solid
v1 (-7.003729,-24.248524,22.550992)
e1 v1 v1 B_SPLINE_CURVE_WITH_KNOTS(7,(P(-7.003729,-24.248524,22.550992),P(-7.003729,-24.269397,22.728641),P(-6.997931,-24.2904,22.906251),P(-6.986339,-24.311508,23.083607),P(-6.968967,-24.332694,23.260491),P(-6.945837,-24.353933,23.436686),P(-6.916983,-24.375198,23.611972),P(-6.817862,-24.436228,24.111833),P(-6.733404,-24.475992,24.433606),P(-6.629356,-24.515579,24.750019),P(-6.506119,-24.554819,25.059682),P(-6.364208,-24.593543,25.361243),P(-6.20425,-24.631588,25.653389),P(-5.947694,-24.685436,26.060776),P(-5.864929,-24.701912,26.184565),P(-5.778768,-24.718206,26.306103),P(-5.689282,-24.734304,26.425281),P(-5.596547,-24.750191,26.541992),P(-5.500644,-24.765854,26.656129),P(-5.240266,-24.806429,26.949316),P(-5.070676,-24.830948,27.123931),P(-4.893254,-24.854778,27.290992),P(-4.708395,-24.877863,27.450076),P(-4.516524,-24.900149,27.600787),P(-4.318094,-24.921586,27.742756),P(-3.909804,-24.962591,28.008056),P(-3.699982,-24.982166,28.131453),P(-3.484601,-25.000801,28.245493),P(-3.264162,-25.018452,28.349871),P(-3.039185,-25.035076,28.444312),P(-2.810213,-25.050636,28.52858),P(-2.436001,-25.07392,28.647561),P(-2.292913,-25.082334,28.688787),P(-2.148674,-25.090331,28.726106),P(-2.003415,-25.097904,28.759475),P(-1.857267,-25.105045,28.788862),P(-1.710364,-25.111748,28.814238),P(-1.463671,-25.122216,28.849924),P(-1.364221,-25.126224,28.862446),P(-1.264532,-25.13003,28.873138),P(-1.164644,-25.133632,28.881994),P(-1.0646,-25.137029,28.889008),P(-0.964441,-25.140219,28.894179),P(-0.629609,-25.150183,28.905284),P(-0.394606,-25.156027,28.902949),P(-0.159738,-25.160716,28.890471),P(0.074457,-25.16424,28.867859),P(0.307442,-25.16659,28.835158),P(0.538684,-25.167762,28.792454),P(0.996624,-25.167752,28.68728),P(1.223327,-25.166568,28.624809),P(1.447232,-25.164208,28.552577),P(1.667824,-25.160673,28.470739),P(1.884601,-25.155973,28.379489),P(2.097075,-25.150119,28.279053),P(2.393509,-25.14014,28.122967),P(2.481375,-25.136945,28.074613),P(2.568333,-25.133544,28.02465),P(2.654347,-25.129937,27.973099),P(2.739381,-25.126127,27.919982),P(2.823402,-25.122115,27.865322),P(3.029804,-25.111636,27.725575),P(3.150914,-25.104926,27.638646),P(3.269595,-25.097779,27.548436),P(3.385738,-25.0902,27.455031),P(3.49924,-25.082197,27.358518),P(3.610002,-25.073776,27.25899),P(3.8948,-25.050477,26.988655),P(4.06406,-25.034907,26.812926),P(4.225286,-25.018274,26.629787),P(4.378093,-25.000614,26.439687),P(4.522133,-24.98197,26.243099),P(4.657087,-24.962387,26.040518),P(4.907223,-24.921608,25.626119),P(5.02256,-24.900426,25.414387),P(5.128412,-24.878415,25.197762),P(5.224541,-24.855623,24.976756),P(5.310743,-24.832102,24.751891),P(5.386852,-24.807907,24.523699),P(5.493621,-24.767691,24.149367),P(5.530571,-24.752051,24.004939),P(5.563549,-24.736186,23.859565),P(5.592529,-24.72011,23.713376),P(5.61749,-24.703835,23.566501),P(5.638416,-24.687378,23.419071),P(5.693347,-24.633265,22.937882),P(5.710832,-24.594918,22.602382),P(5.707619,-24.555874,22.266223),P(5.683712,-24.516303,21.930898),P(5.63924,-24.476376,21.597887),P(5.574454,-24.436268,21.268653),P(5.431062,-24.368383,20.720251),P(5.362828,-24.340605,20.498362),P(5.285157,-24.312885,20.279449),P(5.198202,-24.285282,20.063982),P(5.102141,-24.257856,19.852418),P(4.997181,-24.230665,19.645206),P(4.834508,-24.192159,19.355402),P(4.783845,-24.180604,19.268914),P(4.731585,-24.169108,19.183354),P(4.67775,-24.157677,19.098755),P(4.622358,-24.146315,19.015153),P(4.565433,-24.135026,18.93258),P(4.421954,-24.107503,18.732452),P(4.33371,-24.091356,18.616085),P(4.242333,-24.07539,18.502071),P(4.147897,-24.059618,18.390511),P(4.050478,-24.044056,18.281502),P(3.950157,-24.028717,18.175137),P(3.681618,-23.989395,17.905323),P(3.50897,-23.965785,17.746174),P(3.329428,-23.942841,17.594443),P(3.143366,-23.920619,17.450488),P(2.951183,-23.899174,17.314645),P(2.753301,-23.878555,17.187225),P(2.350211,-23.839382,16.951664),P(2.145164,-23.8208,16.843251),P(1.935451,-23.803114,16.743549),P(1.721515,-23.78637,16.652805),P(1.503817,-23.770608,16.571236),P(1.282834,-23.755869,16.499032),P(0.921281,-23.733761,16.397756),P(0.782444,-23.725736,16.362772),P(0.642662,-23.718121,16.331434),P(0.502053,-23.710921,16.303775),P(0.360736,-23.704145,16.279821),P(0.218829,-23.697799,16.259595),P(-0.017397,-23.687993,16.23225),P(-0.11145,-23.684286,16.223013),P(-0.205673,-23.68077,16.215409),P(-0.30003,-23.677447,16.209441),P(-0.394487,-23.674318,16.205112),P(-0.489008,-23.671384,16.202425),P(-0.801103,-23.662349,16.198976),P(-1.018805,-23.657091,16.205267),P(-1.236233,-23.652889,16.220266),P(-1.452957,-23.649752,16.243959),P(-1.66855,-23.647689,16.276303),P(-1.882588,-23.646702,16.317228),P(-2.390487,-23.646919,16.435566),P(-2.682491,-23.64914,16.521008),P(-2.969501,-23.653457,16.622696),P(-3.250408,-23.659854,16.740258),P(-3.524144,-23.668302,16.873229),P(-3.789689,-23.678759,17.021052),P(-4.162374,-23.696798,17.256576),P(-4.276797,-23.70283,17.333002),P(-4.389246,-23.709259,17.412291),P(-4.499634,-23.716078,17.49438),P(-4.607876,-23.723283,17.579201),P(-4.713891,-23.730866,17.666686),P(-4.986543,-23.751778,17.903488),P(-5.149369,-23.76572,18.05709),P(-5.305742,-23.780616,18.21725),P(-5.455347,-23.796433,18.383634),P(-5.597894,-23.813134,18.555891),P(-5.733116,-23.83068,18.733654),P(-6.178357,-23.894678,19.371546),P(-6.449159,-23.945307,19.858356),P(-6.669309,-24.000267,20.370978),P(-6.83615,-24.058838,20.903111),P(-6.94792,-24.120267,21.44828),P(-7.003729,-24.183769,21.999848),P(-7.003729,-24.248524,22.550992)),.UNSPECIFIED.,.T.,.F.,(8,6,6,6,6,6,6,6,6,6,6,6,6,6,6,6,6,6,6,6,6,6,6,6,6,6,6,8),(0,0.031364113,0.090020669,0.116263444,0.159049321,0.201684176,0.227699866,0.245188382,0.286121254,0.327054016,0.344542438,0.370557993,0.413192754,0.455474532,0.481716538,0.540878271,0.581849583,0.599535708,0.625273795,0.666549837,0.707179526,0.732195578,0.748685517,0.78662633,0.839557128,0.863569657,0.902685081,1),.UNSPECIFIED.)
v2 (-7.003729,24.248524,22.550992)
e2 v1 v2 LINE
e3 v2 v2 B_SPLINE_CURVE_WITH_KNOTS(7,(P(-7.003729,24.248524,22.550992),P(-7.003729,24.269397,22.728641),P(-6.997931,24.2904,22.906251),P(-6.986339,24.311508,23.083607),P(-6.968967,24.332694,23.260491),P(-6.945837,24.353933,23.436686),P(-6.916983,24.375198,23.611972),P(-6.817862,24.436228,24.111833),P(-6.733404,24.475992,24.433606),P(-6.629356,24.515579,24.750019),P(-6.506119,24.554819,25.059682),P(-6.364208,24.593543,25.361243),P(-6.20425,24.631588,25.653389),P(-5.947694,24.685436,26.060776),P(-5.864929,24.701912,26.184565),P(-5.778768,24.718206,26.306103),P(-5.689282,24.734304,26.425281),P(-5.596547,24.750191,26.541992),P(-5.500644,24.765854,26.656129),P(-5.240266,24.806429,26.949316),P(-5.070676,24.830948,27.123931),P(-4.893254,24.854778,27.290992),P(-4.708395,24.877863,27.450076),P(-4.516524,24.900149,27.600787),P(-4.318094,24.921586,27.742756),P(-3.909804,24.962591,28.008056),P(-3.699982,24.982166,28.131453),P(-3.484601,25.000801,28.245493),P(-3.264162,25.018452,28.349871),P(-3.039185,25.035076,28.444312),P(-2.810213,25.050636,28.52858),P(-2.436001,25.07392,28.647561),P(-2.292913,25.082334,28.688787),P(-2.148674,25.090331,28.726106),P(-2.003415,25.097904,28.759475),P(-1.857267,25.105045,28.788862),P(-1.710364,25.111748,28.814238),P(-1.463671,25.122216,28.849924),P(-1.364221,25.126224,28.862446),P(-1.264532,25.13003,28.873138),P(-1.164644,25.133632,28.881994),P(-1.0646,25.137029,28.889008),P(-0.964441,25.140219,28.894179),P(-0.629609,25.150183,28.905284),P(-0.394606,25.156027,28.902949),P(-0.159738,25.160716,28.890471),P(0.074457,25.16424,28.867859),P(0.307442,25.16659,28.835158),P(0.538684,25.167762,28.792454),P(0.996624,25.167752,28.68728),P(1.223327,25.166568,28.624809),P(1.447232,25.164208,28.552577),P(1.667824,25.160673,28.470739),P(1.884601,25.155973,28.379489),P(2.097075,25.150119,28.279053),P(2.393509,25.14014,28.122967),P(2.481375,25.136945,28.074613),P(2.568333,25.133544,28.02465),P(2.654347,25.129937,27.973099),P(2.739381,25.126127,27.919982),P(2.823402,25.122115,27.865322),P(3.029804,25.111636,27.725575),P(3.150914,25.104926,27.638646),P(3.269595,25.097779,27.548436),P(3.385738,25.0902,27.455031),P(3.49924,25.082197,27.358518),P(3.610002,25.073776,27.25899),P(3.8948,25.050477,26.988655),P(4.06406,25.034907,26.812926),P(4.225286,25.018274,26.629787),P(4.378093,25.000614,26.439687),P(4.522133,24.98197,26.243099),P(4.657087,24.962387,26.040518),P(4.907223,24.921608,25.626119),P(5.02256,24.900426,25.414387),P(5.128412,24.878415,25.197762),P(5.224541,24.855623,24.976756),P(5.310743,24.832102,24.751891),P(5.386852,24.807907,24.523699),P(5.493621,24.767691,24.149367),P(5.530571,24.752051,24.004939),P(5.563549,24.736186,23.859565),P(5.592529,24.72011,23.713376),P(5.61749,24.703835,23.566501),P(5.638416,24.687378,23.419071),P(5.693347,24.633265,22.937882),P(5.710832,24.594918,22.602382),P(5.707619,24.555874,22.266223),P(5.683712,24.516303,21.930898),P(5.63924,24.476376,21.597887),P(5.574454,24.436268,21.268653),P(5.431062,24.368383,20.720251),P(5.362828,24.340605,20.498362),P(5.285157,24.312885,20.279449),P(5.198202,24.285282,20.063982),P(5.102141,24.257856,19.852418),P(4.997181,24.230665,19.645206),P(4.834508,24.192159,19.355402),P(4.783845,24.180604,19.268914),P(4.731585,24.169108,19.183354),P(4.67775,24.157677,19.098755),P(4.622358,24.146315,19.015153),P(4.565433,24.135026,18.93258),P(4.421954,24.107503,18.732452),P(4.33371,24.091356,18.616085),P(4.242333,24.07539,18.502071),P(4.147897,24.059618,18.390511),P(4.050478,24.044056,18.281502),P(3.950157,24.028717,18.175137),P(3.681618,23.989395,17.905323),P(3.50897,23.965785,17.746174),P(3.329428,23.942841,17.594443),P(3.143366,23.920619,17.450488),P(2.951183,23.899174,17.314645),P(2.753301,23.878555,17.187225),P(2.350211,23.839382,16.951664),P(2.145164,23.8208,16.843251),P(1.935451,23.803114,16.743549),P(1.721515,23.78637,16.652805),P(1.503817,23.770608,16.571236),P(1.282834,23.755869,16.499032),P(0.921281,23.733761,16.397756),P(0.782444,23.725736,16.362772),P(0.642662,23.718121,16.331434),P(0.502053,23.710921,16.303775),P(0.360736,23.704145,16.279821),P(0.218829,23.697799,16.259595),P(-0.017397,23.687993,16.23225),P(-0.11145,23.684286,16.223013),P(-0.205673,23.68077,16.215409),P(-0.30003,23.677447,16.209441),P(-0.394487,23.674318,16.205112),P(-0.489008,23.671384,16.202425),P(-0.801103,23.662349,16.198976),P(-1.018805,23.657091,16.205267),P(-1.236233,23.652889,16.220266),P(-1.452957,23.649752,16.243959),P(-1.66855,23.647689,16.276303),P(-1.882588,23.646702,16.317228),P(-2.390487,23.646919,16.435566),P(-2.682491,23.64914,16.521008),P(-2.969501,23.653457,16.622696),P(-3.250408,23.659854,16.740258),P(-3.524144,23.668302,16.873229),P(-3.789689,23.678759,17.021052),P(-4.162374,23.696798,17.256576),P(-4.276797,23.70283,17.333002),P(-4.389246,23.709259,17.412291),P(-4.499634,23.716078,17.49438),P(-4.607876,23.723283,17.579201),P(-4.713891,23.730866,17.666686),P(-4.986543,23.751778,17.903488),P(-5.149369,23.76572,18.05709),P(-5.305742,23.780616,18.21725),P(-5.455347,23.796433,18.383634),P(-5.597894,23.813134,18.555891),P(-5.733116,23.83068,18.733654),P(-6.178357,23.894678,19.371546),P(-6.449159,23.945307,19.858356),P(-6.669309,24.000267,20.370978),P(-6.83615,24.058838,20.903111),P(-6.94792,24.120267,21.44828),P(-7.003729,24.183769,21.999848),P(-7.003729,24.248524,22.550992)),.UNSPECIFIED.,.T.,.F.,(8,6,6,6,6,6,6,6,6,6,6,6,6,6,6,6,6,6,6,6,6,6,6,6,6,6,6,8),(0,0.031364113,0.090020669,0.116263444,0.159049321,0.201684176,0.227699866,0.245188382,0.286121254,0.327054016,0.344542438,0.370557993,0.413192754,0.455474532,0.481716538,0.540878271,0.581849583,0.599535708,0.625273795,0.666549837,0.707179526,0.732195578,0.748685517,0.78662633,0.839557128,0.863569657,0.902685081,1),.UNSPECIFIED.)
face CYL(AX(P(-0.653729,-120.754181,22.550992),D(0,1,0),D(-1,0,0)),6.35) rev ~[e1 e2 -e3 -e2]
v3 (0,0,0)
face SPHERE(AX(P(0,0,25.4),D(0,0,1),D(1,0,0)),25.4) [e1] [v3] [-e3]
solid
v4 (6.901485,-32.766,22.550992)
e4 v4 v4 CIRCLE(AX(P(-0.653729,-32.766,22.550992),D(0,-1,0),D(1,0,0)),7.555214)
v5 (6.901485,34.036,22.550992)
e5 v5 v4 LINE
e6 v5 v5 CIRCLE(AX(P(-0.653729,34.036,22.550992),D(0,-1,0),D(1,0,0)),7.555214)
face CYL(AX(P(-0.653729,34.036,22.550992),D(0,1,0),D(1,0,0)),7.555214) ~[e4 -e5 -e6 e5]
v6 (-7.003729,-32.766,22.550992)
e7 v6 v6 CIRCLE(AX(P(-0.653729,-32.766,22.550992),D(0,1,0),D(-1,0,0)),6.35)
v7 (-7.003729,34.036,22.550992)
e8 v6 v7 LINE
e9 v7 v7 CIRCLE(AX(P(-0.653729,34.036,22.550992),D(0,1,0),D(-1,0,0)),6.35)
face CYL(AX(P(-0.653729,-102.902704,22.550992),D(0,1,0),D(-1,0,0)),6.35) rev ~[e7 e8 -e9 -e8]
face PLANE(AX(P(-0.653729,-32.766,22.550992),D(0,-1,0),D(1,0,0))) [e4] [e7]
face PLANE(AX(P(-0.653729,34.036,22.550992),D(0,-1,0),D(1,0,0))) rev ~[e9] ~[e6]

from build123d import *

# Parameters (mm, degrees)
F2_R     = 7.5552137931
F3_DEPTH = 66.802
F6_T     = -2.54
F7_D     = 12.7
F7_2_D   = 12.7


with BuildPart() as f1:
    # F0 (on Front) → F1 (revolve)
    with BuildSketch(Plane.XZ):
        with BuildLine():
            Line((0, 50.8), (0, 0))
            ThreePointArc((0, 0), (25.4, 25.4), (0, 50.8))
        make_face()
    revolve(axis=Axis((0, 0, 25.4), (0, 0, 1)))

    # F7 (through all)
    with Locations(Plane.XZ.offset(32.766)):
        with Locations((-0.6537291788, 22.5509924138)):
            Hole(F7_D / 2)


with BuildPart() as f3:
    # F2 (on Front) → F3 (new body)
    with BuildSketch(Plane.XZ):
        with Locations((16.3642708212, -18.0890075862)):
            Circle(F2_R)
    extrude(amount=F3_DEPTH)


with BuildPart() as f3_1:
    # F4: moved
    add(f3.part.moved(Location((-17.018, 34.036, 40.64))))

    # F6
    f6_openings = [f3_1.faces().sort_by_distance(p)[0] for p in [
        (-0.653729, -32.766, 22.550992),
        (-0.653729, 34.036, 22.550992),
    ]]
    offset(amount=F6_T, openings=f6_openings)

    # F7#2 (through all)
    with Locations(Plane.XZ.offset(32.766)):
        with Locations((-0.6537291788, 22.5509924138)):
            Hole(F7_2_D / 2)


solid = Compound([f1.part, f3_1.part])
